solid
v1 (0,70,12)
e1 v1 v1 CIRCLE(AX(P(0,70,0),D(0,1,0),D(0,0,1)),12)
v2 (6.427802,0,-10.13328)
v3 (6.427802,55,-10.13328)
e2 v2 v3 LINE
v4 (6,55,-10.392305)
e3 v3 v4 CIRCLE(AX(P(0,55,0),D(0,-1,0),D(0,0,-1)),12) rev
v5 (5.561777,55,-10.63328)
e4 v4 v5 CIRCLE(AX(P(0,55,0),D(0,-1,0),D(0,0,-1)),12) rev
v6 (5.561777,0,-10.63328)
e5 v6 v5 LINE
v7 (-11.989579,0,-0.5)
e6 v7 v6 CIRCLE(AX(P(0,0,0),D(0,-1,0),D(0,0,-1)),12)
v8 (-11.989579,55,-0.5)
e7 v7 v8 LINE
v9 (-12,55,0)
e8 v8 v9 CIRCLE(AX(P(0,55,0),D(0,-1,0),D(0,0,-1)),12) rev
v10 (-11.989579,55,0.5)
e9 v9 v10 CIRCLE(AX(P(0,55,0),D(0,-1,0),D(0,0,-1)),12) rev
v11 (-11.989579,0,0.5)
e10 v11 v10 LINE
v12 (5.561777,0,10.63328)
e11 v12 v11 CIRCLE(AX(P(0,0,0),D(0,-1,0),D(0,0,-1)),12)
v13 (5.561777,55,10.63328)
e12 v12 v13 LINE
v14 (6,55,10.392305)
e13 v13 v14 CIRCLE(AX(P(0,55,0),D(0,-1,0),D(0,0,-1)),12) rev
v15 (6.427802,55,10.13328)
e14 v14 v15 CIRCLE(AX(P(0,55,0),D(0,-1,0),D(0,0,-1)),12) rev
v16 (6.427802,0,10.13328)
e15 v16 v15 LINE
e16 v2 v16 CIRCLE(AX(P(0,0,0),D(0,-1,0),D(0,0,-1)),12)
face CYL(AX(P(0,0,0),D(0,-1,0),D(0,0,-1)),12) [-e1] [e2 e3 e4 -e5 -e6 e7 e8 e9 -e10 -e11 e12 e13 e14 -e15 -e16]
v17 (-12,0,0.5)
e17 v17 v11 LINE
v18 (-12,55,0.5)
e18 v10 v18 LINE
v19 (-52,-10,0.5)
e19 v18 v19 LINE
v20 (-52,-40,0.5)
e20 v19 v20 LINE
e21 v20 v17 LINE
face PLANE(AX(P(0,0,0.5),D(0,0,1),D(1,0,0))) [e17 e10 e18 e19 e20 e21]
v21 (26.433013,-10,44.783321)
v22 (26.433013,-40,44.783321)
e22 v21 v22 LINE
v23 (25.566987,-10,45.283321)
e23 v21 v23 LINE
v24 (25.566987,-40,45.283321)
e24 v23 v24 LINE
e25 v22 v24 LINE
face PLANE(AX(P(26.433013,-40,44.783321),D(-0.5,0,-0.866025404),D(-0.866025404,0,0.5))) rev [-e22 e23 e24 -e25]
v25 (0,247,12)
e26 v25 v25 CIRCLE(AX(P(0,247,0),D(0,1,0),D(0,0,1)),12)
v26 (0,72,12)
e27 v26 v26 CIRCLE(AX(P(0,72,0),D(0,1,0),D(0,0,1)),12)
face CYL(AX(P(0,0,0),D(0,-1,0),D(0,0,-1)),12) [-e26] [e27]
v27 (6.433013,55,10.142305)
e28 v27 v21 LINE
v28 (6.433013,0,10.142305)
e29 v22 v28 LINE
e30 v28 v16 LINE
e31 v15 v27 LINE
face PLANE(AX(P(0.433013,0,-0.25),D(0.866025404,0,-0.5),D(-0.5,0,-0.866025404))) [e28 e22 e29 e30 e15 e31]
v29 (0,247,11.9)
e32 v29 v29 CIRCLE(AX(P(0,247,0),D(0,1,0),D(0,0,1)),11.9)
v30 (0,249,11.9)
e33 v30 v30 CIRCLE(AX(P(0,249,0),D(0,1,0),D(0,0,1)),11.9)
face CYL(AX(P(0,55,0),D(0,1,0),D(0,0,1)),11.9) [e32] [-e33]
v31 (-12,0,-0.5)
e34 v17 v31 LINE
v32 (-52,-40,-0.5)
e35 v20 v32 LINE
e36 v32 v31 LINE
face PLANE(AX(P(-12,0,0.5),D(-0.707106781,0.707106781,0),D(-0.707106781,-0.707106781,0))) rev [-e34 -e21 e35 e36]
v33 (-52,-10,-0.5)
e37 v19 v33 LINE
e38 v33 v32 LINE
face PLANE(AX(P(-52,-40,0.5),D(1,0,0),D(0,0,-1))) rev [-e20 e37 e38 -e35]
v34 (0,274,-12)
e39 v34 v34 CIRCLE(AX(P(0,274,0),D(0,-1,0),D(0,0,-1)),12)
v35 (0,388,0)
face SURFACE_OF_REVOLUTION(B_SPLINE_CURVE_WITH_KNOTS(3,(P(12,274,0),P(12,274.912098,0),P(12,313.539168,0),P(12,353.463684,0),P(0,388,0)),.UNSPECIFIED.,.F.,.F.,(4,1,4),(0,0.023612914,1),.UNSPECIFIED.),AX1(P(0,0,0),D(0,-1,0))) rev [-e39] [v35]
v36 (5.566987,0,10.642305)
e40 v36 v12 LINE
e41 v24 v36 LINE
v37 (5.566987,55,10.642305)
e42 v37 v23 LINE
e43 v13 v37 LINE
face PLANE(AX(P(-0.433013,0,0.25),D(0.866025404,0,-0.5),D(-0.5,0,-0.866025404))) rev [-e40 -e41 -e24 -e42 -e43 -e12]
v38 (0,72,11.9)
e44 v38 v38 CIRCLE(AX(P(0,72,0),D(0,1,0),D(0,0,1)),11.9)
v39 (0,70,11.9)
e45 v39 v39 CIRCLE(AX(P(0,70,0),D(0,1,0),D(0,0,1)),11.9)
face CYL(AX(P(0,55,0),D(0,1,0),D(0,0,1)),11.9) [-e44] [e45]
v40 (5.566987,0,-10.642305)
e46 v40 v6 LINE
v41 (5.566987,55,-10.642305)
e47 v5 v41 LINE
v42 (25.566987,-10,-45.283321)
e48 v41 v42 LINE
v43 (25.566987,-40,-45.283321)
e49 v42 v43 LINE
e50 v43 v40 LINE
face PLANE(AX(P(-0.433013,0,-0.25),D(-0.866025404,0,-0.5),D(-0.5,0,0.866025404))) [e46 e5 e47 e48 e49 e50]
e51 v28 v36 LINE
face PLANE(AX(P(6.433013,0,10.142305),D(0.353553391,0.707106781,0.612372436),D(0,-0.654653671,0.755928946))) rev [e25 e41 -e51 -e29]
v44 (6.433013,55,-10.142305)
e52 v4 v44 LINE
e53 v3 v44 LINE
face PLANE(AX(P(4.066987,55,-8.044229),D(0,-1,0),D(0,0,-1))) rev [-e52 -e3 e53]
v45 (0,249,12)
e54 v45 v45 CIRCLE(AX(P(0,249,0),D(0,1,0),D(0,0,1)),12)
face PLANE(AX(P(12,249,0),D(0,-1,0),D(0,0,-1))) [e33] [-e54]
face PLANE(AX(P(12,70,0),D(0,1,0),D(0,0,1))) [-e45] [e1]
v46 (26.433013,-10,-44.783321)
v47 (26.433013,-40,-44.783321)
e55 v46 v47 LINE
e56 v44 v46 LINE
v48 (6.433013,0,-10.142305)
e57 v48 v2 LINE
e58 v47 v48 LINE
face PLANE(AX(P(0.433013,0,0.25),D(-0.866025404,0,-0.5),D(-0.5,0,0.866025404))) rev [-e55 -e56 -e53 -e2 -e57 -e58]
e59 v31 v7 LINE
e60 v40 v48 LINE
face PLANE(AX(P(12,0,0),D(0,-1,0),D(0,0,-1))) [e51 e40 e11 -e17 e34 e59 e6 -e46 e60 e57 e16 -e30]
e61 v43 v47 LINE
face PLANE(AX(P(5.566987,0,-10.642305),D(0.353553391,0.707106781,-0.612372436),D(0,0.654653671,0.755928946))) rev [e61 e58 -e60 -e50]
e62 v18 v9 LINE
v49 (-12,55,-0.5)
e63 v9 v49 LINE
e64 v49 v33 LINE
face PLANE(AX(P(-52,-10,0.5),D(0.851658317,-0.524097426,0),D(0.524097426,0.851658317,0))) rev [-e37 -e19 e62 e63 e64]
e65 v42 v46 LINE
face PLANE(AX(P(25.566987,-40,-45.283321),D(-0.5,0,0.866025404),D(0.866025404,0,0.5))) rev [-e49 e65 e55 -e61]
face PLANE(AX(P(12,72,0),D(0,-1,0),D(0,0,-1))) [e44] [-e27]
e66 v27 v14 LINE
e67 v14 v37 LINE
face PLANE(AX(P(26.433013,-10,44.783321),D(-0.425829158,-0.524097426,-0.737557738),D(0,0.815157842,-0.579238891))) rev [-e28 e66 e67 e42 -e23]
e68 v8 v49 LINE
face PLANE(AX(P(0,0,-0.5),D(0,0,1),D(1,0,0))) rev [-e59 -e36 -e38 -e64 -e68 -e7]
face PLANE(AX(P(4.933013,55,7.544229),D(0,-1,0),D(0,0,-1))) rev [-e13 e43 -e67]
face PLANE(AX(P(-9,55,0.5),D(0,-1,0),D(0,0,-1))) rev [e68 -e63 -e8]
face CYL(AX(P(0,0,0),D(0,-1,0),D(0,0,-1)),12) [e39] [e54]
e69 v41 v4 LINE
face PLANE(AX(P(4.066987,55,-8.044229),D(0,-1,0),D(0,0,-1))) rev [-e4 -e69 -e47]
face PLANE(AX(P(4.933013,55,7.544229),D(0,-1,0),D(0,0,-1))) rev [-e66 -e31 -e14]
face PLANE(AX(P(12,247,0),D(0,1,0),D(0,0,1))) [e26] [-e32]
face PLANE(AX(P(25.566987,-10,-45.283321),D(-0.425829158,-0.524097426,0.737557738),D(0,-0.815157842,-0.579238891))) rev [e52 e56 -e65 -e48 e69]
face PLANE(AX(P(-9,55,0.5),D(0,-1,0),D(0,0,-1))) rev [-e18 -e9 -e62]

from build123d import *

# Parameters (mm, degrees)
BOSS_EXTRUDE1_DEPTH = 0.5
CIRPATTERN10_COUNT  = 3
SKETCH4_W           = 0.1
SKETCH4_H           = 2


with BuildPart() as part:
    # Sketch1 → Revolve1 (revolve)
    with BuildSketch(Plane.XY):
        with BuildLine():
            Line((0, 0), (0, 388))
            add(Edge.make_bspline(
                [(0, 388), (12, 353.463683825), (12, 313.539168354), (12, 274.912097708), (12, 274)],
                knots=[0, 0, 0, 0, 0.976387086, 1, 1, 1, 1], degree=3))
            Line((12, 274), (12, 0))
            Line((12, 0), (0, 0))
        make_face()
    revolve(axis=Axis((0, 0, 0), (0, 1, 0)))

    # Sketch2 → Boss-Extrude1 (add, symmetric)
    with BuildSketch(Plane.XY):
        Polygon((-12, 0), (-52, -40), (-52, -10), (-12, 55), (-9, 55), (-9, 0), align=None)
    boss_extrude1 = extrude(amount=BOSS_EXTRUDE1_DEPTH, both=True)

    # CirPattern10: Boss-Extrude1 ×3 about axis
    cirpattern10_axis = Axis((0, 0, 0), (0, 1, 0))
    for i in range(1, CIRPATTERN10_COUNT):
        add(boss_extrude1.rotate(cirpattern10_axis, i * 360 / CIRPATTERN10_COUNT))

    # Sketch4 → Cut-Revolve1 (revolve, cut)
    with BuildSketch(Plane.XY):
        with Locations((11.95, 71)):
            Rectangle(SKETCH4_W, SKETCH4_H)
        with Locations((11.95, 248)):
            Rectangle(SKETCH4_W, SKETCH4_H)
    revolve(axis=Axis((0, 0, 0), (0, -1, 0)), mode=Mode.SUBTRACT)


solid = part.part
